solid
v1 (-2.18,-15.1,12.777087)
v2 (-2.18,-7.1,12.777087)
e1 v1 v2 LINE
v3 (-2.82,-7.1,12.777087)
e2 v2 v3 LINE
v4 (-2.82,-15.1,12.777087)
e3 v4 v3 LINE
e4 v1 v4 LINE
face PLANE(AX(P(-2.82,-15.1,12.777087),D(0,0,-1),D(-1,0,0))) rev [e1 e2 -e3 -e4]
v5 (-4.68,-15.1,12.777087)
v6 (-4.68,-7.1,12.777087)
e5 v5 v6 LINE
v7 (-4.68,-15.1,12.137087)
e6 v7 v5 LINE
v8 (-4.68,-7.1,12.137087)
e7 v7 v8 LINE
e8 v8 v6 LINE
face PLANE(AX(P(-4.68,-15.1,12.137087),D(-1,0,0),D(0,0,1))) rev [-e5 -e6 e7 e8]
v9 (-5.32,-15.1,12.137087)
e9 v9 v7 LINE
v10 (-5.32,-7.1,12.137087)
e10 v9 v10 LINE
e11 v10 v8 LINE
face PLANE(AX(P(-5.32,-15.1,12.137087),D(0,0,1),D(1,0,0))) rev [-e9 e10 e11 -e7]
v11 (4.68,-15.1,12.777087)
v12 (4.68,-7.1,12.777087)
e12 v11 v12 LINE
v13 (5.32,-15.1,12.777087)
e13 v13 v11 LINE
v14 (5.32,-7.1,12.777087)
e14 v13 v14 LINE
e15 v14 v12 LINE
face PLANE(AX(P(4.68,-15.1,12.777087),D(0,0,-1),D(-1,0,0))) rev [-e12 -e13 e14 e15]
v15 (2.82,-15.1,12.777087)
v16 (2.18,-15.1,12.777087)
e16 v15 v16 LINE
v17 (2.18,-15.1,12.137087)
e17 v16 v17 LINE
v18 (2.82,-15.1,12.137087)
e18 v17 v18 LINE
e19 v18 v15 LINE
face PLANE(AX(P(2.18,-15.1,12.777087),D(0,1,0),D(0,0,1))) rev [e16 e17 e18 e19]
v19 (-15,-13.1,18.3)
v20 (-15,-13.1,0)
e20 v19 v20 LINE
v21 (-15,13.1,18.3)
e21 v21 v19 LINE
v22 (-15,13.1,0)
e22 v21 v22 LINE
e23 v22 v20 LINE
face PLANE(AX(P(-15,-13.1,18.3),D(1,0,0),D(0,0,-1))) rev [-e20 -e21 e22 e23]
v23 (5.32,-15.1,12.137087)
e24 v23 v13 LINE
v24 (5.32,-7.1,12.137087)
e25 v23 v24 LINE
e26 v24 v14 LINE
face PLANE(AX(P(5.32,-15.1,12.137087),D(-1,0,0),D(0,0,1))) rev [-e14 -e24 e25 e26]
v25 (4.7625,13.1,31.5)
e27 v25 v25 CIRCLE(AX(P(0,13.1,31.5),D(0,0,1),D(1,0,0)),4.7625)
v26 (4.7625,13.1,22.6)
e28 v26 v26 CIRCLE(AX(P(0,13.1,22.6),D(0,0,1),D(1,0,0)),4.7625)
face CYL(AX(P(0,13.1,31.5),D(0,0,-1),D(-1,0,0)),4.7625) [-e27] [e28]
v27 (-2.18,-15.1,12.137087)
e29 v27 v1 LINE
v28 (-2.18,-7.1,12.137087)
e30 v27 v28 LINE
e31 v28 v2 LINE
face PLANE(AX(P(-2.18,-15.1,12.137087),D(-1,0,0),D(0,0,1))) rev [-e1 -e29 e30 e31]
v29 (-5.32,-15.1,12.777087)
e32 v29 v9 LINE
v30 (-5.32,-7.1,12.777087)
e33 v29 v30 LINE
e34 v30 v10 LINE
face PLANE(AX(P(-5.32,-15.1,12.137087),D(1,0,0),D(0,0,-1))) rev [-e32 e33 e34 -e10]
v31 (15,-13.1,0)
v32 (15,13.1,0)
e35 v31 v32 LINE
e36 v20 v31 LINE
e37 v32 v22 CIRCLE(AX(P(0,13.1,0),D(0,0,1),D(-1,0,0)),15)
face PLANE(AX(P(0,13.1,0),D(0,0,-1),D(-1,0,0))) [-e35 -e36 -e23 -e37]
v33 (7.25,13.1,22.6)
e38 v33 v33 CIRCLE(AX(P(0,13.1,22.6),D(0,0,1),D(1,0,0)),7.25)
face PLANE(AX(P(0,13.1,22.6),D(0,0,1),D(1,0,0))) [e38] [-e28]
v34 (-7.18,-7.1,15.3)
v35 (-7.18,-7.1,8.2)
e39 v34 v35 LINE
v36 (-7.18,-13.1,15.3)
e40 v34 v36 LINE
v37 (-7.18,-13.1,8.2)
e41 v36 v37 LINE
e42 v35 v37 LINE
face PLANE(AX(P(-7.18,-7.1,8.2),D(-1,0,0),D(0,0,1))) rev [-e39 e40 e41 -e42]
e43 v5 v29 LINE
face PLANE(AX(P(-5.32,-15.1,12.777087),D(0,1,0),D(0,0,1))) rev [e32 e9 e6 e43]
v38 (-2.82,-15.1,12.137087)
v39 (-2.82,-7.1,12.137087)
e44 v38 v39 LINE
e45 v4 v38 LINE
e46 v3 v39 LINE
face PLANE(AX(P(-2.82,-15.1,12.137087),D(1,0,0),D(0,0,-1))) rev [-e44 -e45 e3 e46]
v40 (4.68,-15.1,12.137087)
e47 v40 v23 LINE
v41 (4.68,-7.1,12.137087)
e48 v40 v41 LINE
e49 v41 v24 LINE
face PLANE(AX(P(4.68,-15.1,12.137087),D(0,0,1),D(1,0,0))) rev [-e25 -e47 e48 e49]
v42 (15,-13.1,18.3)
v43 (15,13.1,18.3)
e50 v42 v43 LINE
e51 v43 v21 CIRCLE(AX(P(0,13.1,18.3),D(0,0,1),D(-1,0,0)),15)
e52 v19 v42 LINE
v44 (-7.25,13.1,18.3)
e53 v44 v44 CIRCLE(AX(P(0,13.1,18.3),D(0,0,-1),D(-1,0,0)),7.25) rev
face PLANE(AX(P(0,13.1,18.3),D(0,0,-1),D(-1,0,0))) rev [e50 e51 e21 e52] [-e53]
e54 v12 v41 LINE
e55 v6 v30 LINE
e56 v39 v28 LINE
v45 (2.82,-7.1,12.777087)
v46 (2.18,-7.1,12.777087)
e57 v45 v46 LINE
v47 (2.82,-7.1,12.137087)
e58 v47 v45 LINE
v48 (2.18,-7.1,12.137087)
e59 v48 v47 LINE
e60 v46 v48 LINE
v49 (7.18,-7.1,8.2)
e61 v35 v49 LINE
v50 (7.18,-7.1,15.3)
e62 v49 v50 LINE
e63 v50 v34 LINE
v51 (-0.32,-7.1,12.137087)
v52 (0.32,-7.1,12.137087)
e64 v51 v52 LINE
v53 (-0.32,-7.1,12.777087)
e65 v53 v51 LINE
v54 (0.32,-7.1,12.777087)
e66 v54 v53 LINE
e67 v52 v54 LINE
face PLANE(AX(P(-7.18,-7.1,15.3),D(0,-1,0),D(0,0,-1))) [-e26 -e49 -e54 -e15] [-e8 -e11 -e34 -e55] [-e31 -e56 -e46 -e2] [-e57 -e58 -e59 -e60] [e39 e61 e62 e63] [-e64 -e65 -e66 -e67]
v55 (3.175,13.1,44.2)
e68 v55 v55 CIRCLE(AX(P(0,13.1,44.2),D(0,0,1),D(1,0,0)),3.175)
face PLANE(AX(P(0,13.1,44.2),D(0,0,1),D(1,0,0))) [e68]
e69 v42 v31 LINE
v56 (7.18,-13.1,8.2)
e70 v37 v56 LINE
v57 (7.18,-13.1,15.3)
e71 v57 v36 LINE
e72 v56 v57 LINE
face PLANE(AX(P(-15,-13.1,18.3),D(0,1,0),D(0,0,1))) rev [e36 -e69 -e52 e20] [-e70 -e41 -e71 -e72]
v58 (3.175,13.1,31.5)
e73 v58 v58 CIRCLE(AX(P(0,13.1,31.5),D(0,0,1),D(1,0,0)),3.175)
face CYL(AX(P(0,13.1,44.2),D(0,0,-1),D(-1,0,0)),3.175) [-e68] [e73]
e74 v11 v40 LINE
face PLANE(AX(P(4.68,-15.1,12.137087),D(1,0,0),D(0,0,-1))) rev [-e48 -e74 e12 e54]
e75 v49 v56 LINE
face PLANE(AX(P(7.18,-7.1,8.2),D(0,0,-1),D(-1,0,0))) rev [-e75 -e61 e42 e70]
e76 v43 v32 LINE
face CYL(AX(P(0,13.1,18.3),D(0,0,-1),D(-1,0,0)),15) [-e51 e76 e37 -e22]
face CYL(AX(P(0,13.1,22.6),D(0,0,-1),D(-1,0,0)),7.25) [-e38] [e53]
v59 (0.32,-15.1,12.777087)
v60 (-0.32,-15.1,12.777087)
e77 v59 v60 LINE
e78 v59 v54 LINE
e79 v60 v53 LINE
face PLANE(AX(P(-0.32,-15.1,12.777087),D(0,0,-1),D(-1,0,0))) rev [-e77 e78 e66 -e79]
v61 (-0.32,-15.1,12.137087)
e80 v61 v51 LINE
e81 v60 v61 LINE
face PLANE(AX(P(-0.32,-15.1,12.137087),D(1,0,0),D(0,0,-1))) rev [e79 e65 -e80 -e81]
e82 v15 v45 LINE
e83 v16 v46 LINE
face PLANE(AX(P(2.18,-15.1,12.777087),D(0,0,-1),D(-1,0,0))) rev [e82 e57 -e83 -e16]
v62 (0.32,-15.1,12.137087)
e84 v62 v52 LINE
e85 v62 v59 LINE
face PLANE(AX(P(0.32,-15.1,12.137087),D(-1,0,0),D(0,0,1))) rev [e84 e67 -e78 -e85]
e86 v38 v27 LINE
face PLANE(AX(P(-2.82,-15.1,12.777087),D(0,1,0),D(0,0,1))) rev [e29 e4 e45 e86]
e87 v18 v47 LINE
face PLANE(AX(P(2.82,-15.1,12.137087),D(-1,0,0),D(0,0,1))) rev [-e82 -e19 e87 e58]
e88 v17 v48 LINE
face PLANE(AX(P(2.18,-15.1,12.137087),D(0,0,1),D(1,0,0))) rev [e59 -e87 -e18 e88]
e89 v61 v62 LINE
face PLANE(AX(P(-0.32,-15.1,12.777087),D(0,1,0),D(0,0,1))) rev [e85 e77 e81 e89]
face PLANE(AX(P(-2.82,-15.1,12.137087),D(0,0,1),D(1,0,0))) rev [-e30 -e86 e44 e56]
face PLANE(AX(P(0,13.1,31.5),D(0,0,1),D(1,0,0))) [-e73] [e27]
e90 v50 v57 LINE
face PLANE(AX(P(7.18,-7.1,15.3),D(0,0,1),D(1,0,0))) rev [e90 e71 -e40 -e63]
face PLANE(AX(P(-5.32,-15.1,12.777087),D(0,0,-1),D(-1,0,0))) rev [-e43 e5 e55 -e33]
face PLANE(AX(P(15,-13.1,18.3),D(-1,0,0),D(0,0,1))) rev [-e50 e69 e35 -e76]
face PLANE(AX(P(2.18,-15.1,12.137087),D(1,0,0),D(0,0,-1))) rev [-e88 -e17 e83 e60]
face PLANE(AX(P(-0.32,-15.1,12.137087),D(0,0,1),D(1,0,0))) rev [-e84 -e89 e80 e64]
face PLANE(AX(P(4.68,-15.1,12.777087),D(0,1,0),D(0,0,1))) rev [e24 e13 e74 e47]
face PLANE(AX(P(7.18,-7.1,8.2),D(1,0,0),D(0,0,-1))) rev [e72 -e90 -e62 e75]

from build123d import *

# Parameters (mm, degrees)
BOSS_EXTRU_1_DEPTH      = 18.3
ESQUISSE2_R             = 7.25
BOSS_EXTRU_2_DEPTH      = 4.3
ESQUISSE3_R             = 4.7625
BOSS_EXTRU_3_DEPTH      = 8.9
ESQUISSE4_R             = 3.175
BOSS_EXTRU_4_DEPTH      = 12.7
ESQUISSE5_W             = 14.36
ESQUISSE5_H             = 7.1
ENL_V_MAT_EXTRU_2_DEPTH = 6
ESQUISSE6_W             = 0.64
ESQUISSE6_H             = 0.64
BOSS_EXTRU_5_DEPTH      = 8


with BuildPart() as part:
    # Esquisse1 → Boss.-Extru.1 (new body)
    with BuildSketch(Plane.XY):
        with BuildLine():
            Line((-15, -13.1), (15, -13.1))
            Line((15, -13.1), (15, 13.1))
            ThreePointArc((15, 13.1), (0, 28.1), (-15, 13.1))
            Line((-15, 13.1), (-15, -13.1))
        make_face()
    extrude(amount=BOSS_EXTRU_1_DEPTH)

    # Esquisse2 → Boss.-Extru.2 (add)
    with BuildSketch(Plane.XY.offset(18.3)):
        with Locations((0, 13.1)):
            Circle(ESQUISSE2_R)
    extrude(amount=BOSS_EXTRU_2_DEPTH)

    # Esquisse3 → Boss.-Extru.3 (add)
    with BuildSketch(Plane.XY.offset(22.6)):
        with Locations((0, 13.1)):
            Circle(ESQUISSE3_R)
    extrude(amount=BOSS_EXTRU_3_DEPTH)

    # Esquisse4 → Boss.-Extru.4 (add)
    with BuildSketch(Plane.XY.offset(31.5)):
        with Locations((0, 13.1)):
            Circle(ESQUISSE4_R)
    extrude(amount=BOSS_EXTRU_4_DEPTH)

    # Esquisse5 → Enlèv. mat.-Extru.2 (cut)
    with BuildSketch(Plane.XZ.offset(13.1)):
        with Locations((0, 11.75)):
            Rectangle(ESQUISSE5_W, ESQUISSE5_H)
    extrude(amount=-ENL_V_MAT_EXTRU_2_DEPTH, mode=Mode.SUBTRACT)

    # Esquisse6 → Boss.-Extru.5 (add)
    with BuildSketch(Plane.XZ.offset(7.1)):
        with Locations((-5, 12.457086597)):
            Rectangle(ESQUISSE6_W, ESQUISSE6_H)
        with Locations((-2.5, 12.457086597)):
            Rectangle(ESQUISSE6_W, ESQUISSE6_H)
        with Locations((0, 12.457086597)):
            Rectangle(ESQUISSE6_W, ESQUISSE6_H)
        with Locations((2.5, 12.457086597)):
            Rectangle(ESQUISSE6_W, ESQUISSE6_H)
        with Locations((5, 12.457086597)):
            Rectangle(ESQUISSE6_W, ESQUISSE6_H)
    extrude(amount=BOSS_EXTRU_5_DEPTH)


solid = part.part
